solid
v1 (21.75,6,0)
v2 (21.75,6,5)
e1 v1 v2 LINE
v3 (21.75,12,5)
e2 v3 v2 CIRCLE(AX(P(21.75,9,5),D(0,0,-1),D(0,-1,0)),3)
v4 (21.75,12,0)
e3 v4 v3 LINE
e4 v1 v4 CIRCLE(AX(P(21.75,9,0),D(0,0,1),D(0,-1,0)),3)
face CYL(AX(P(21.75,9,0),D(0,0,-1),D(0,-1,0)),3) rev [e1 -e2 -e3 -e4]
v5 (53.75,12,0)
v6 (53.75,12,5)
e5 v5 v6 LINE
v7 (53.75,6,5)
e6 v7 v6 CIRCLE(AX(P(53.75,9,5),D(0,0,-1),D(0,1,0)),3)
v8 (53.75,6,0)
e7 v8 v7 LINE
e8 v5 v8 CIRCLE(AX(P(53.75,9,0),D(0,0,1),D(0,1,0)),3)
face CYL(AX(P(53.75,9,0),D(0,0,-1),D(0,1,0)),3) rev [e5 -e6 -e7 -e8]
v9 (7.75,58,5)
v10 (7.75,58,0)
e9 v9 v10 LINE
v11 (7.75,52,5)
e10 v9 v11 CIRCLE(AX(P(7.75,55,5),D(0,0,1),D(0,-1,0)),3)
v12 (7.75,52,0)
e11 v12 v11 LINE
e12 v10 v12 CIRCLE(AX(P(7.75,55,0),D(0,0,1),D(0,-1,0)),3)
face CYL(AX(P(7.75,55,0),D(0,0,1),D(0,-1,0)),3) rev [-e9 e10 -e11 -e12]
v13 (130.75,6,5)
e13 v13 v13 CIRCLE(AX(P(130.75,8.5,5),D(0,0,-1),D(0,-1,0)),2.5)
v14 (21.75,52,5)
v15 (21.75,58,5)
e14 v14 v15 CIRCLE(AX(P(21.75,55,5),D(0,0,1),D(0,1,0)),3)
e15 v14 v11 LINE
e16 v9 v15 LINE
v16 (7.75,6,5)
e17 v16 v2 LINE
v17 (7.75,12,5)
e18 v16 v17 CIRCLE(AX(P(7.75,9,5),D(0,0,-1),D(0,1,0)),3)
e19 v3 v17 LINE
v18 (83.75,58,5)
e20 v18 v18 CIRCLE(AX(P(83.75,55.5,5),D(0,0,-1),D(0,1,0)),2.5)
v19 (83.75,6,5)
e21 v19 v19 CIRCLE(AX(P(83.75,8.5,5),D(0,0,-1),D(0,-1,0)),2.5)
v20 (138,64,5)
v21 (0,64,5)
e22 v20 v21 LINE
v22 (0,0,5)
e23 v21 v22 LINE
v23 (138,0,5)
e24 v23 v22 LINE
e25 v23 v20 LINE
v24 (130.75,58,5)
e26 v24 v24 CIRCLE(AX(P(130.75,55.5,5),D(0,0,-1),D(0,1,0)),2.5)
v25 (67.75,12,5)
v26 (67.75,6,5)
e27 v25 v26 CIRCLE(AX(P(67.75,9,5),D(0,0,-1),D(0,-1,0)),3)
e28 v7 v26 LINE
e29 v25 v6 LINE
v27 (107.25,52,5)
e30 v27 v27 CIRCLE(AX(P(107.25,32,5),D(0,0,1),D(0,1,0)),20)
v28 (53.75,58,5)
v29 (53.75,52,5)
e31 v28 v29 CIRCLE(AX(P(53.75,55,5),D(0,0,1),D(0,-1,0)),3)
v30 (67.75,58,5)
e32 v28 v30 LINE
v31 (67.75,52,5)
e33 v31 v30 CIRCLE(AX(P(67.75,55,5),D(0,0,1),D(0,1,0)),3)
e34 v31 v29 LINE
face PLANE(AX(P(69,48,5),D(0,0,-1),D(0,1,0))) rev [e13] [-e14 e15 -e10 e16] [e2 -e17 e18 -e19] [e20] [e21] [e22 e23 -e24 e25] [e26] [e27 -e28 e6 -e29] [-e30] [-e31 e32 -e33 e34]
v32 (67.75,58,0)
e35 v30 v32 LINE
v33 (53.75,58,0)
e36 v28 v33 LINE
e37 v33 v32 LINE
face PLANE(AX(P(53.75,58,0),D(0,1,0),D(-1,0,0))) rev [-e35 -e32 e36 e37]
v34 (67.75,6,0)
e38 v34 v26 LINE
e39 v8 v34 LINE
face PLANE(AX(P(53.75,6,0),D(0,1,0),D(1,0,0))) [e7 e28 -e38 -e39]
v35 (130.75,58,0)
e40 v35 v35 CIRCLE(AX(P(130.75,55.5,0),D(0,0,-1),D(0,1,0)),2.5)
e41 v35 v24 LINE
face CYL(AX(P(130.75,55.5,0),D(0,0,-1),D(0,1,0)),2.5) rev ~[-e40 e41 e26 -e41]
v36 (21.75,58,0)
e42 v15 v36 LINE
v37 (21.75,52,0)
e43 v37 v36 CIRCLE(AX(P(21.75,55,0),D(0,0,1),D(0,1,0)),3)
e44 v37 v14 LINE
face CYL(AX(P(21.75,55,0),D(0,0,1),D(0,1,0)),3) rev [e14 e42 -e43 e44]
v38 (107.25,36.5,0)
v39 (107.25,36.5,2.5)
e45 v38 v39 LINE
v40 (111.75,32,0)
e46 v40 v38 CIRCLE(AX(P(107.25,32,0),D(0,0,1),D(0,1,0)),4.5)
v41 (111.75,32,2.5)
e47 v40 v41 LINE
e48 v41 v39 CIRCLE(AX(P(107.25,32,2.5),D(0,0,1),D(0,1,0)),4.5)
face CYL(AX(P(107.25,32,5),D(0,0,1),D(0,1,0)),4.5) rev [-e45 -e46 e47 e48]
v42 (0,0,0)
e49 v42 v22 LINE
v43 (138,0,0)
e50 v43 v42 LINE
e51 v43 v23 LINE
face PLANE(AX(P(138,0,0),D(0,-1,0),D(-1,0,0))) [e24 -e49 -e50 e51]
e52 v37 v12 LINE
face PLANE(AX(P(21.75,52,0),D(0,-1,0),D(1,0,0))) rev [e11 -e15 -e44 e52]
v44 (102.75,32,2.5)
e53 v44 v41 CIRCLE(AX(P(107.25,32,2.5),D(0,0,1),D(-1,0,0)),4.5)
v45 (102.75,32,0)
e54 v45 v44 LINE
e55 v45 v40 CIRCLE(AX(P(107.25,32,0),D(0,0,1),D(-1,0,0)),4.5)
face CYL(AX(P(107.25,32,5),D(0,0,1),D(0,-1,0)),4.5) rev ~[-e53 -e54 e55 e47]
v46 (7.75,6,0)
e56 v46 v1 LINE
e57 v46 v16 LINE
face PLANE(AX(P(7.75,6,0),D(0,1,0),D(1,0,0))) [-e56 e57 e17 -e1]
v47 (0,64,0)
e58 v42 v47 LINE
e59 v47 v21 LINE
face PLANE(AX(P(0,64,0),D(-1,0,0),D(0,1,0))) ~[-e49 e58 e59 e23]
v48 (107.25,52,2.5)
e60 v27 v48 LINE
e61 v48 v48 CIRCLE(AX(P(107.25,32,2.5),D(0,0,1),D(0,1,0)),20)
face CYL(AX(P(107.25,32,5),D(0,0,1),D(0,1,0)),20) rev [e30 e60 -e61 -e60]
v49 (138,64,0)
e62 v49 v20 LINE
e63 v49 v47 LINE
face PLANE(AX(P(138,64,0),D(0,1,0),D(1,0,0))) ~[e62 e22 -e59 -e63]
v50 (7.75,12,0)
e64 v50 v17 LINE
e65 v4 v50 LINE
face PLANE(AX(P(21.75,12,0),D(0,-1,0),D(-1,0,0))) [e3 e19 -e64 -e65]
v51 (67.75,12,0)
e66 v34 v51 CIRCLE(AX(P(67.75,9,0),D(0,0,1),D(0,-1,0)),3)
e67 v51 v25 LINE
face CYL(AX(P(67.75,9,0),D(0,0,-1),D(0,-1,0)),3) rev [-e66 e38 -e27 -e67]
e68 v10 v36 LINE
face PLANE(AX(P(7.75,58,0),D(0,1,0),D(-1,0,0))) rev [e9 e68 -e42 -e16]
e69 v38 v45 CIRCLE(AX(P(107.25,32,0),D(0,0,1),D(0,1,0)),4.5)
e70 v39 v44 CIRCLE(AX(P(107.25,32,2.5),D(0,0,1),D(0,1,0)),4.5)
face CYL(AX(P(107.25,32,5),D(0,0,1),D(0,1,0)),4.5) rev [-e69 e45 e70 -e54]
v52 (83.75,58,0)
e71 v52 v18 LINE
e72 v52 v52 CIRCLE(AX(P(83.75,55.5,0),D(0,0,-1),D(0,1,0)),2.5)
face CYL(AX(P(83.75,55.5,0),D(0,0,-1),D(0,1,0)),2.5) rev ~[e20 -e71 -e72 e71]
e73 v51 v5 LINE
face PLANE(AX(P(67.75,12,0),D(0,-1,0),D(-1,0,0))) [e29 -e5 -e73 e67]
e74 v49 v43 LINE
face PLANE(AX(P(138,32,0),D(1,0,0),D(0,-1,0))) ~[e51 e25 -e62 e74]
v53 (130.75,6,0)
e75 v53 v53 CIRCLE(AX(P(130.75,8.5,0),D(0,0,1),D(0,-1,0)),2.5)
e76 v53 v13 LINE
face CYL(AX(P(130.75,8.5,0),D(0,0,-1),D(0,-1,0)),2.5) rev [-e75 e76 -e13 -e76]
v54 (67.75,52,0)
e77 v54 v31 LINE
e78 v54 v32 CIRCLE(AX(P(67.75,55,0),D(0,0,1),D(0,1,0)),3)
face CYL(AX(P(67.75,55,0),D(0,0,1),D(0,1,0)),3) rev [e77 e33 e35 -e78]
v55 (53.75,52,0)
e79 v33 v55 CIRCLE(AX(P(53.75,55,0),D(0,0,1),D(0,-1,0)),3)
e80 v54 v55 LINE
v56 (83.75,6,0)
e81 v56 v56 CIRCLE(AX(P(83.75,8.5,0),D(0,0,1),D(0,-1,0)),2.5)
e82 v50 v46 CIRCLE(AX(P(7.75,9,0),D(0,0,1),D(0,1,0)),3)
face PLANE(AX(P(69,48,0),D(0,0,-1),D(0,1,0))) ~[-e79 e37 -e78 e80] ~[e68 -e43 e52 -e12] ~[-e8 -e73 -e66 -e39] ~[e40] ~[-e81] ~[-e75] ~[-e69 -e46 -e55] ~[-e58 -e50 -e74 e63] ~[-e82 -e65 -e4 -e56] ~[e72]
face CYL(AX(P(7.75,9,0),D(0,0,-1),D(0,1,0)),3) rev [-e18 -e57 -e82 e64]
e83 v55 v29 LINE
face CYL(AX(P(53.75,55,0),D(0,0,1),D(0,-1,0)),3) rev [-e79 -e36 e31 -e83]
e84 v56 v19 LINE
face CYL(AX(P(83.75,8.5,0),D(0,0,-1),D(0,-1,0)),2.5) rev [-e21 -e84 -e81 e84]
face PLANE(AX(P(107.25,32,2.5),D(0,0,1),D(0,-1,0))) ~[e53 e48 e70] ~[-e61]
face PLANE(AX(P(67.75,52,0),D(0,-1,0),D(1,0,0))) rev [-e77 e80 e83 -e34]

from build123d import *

# Parameters (mm, degrees)
PAD_DEPTH             = 5
SKETCH001_R           = 2.5
POCKET_DEPTH          = 288.500559
POCKET001_DEPTH       = 283.500559
POCKET001_DEPTH_BACK  = 288.500559
SKETCH003_R           = 20
POCKET002_DEPTH       = 2.5
SKETCH004_R           = 4.5
POCKET003_DEPTH       = 288.500559
POCKET003_DEPTH_BACK  = 283.500559
CLONE_PLACEMENT_ANGLE = 90


with BuildPart() as part:
    # Sketch → Pad (new body)
    with BuildSketch(Plane.XY):
        Polygon((0, 0), (0, 69), (32, 69), (32, -69), (0, -69), align=None)
    pad = extrude(amount=PAD_DEPTH)

    # Sketch001 → Pocket (cut, through all)
    with BuildSketch(Plane(origin=(23.5, 14.75, 0), x_dir=(1, 0, 0), z_dir=(0, 0, 1))):
        Circle(SKETCH001_R)
        with Locations((0, 47)):
            Circle(SKETCH001_R)
    pocket = extrude(amount=POCKET_DEPTH, mode=Mode.SUBTRACT)

    # Sketch002 → Pocket001 (cut, two sides)
    with BuildSketch(Plane(origin=(23, -1.25, 0), x_dir=(1, 0, 0), z_dir=(0, 0, 1))) as pocket001_sk:
        with BuildLine():
            ThreePointArc((3, 0), (0, 3), (-3, 0))
            Line((-3, 0), (-3, -14))
            ThreePointArc((-3, -14), (0, -17), (3, -14))
            Line((3, -14), (3, 0))
        make_face()
        with BuildLine():
            ThreePointArc((3, -46), (0, -43), (-3, -46))
            Line((-3, -46), (-3, -60))
            ThreePointArc((-3, -60), (0, -63), (3, -60))
            Line((3, -60), (3, -46))
        make_face()
    pocket001 = extrude(amount=-POCKET001_DEPTH, mode=Mode.SUBTRACT) + extrude(pocket001_sk.sketch, amount=POCKET001_DEPTH_BACK, mode=Mode.SUBTRACT)

    # Sketch003 → Pocket002 (cut)
    with BuildSketch(Plane(origin=(0, 38.25, 5), x_dir=(1, 0, 0), z_dir=(0, 0, 1))):
        Circle(SKETCH003_R)
    pocket002 = extrude(amount=-POCKET002_DEPTH, mode=Mode.SUBTRACT)

    # Sketch004 → Pocket003 (cut, two sides)
    with BuildSketch(Plane(origin=(0, 38.25, 5), x_dir=(1, 0, 0), z_dir=(0, 0, 1))) as pocket003_sk:
        Circle(SKETCH004_R)
    pocket003 = extrude(amount=-POCKET003_DEPTH, mode=Mode.SUBTRACT) + extrude(pocket003_sk.sketch, amount=POCKET003_DEPTH_BACK, mode=Mode.SUBTRACT)

    # Mirrored: Pad, Pocket, Pocket001, Pocket002, Pocket003 across Sketch V_Axis
    add(pad.mirror(Plane(origin=(0, 0, 0), x_dir=(0, 0, 1), z_dir=(1, 0, 0))))
    add(pocket.mirror(Plane(origin=(0, 0, 0), x_dir=(0, 0, 1), z_dir=(1, 0, 0))), mode=Mode.SUBTRACT)
    add(pocket001.mirror(Plane(origin=(0, 0, 0), x_dir=(0, 0, 1), z_dir=(1, 0, 0))), mode=Mode.SUBTRACT)
    add(pocket002.mirror(Plane(origin=(0, 0, 0), x_dir=(0, 0, 1), z_dir=(1, 0, 0))), mode=Mode.SUBTRACT)
    add(pocket003.mirror(Plane(origin=(0, 0, 0), x_dir=(0, 0, 1), z_dir=(1, 0, 0))), mode=Mode.SUBTRACT)


with BuildPart() as part_1:
    # Clone placement: moved
    add(part.part.moved(Location((69, 32, 0))).rotate(Axis((69, 32, 0), (0, 0, -1)), CLONE_PLACEMENT_ANGLE))


solid = part_1.part
